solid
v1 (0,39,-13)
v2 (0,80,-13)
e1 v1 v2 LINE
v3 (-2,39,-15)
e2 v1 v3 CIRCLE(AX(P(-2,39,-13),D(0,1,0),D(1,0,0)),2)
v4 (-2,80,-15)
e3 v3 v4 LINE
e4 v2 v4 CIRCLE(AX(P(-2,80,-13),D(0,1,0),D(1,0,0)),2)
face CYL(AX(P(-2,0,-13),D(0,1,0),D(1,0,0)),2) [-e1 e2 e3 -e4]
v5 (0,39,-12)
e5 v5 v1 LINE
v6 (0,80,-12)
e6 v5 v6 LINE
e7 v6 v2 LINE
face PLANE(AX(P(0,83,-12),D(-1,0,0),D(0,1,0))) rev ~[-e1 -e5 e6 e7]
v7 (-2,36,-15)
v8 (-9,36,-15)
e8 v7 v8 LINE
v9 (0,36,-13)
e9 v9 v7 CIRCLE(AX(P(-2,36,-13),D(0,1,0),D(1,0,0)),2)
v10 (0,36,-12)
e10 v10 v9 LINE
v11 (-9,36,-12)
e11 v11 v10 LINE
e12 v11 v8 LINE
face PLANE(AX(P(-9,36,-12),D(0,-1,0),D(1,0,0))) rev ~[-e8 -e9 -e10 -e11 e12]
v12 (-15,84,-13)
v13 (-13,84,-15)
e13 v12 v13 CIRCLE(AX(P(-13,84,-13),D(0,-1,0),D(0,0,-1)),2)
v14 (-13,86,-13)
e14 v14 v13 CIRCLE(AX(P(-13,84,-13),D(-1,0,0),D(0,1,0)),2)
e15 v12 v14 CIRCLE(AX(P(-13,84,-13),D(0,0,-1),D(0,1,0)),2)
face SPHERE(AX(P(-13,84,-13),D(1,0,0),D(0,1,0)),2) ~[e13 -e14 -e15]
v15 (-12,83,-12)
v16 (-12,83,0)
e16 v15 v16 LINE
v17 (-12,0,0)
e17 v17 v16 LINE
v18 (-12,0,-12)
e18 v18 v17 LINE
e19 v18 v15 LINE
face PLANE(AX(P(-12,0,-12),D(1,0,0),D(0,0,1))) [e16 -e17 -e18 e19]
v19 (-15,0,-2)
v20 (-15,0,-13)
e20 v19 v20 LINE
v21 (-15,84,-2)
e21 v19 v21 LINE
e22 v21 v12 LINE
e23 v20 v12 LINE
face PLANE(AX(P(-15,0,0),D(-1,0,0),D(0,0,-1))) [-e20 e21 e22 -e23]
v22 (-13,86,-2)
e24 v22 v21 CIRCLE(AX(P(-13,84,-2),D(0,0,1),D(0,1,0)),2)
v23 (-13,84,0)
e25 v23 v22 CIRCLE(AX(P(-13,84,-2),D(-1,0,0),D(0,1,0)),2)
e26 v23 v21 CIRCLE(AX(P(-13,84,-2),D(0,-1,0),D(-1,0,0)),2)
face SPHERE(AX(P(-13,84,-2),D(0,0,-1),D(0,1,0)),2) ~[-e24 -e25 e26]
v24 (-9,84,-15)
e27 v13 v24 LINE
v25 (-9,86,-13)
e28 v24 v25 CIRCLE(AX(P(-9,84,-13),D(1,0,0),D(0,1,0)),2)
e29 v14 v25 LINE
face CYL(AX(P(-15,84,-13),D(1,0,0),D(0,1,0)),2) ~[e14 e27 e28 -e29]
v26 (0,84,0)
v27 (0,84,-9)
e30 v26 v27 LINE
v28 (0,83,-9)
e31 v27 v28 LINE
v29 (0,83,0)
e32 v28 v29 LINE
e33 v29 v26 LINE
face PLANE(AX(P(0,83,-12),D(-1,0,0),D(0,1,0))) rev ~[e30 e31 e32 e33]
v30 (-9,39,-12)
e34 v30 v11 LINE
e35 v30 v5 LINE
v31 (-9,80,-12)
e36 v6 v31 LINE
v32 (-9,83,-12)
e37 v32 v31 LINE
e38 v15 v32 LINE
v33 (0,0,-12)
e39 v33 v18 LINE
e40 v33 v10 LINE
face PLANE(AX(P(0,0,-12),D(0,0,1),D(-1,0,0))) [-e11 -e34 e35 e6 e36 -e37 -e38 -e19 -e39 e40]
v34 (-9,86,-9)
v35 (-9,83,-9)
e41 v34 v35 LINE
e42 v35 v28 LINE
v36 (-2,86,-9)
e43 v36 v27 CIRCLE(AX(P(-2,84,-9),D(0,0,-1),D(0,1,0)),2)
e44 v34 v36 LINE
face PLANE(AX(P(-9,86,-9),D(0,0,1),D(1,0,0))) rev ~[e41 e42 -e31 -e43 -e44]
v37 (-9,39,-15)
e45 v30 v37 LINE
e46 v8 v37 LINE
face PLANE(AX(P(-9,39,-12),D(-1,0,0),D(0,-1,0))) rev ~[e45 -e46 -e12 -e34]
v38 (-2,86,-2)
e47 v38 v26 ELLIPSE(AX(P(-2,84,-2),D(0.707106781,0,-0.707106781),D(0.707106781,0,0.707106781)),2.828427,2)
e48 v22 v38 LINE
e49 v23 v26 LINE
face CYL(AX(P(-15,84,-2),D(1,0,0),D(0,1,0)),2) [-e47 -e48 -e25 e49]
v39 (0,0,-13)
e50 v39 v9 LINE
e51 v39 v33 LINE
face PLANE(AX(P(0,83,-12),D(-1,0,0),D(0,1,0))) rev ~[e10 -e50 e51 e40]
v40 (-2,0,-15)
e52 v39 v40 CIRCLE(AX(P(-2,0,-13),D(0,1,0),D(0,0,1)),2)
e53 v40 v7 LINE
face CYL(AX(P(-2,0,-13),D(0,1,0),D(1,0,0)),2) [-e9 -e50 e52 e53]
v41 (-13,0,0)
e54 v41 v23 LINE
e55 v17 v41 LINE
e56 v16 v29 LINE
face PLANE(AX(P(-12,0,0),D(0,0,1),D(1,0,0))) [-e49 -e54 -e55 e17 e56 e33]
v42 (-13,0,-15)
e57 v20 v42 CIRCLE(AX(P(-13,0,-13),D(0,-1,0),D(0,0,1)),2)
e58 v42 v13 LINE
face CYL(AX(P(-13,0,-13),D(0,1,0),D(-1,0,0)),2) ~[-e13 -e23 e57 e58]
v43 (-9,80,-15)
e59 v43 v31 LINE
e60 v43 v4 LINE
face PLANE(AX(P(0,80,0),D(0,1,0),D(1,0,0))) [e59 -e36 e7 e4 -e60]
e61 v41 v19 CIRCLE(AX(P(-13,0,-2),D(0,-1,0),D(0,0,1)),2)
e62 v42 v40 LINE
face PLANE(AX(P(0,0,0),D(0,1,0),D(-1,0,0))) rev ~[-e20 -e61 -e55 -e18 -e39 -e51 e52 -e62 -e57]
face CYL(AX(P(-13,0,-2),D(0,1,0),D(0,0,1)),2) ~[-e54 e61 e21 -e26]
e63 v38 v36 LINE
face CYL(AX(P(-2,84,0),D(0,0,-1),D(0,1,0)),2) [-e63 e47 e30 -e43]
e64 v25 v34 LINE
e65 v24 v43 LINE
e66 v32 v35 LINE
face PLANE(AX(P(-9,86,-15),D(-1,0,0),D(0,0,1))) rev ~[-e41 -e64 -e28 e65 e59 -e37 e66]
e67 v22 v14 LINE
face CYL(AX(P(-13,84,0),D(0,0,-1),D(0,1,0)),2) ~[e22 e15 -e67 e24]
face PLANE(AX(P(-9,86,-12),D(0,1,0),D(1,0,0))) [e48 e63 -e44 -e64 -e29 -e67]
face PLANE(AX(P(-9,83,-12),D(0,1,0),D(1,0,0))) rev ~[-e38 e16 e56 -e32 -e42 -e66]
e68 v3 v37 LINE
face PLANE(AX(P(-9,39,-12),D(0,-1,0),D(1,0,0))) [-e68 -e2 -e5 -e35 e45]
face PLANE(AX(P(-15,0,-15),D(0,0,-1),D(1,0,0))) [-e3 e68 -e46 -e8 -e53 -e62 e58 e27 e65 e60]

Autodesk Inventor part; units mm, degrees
ref_plane "YZ Plane" through (0, 0, 0) normal (1, 0, 0) x (0, 1, 0)
ref_plane "XZ Plane" through (0, 0, 0) normal (0, 1, 0) x (-1, 0, 0)
ref_plane "XY Plane" through (0, 0, 0) normal (0, 0, 1) x (1, 0, 0)
sketch "Sketch1" plane through (0, 0, 0) normal (0, 1, 0) x (-1, 0, 0)
  line L0 (15, 0) -> (15, -15)
  line L1 (15, -15) -> (0, -15)
  line L2 (0, -15) -> (0, -12)
  line L3 (0, -12) -> (12, -12)
  line L4 (12, -12) -> (12, 0)
  line L5 (12, 0) -> (15, 0)
  point P0 (0, 0)
  dimension "d0" = 15
  dimension "d1" = 15
  dimension "d10" = 3
  dimension "d11" = 12
  dimension "d12" = 12
extrude "Extrusion1" add sketch "Sketch1" along normal blind 86
sketch "Sketch4" plane through (-12, 0, 0) normal (1, 0, 0) x (0, 0, -1)
  line L0 (0, 0) -> (0, 86) projected
  line L1 (12, 0) -> (12, 86) projected
  line L2 (0, 86) -> (12, 86)
  line L3 (12, 86) -> (12, 83)
  line L4 (12, 83) -> (0, 83)
  line L5 (0, 83) -> (0, 86)
  dimension "d13" = 3
extrude "Extrusion3" add sketch "Sketch4" along normal blind 3
sketch "Sketch6" plane through (-12, 0, -12) normal (0, 0, 1) x (1, 0, 0)
  line L0 (3, 86) -> (12, 86) projected
  line L1 (12, 86) -> (3, 86)
  line L2 (3, 86) -> (3, 83)
  line L3 (3, 83) -> (12, 83)
  line L4 (12, 83) -> (12, 86)
  point P0 (12, 0)
extrude "Extrusion4" add sketch "Sketch6" along normal blind 12
fillet "Fillet3" radius 2 7 edges at (-7.5, 86, -15) (-15, 86, -7.5) (-15, 43, -15) (0, 43, -15) (-7.5, 86, 0) (0, 86, -7.5) (-15, 43, 0)
sketch "Sketch11" plane through (0, 86, 0) normal (0, 1, 0) x (1, 0, 0)
  arc A0 (-15, 2) -> (-13, 0) centre (-13, 2) ccw projected
  line L0 (0, 10.8348) -> (0, 14)
  line L1 (-9, 9) -> (0, 9)
  line L2 (0, 9) -> (0, 10.8348)
  line L3 (-9, 15) -> (0, 15)
  line L4 (0, 15) -> (0, 9)
  line L5 (-9, 15) -> (-9, 9)
  line L6 (0, 0) -> (0, 13) projected
  point P0 (-13, 0)
  point P1 (0, 15)
extrude "Extrusion7" cut sketch "Sketch11" against normal blind 6
sketch "Sketch12" plane through (-12, 0, -12) normal (0, 0, 1) x (1, 0, 0)
  line L0 (12, 33) -> (21, 33) construction
  line L1 (3, 39) -> (12, 39)
  line L2 (12, 0) -> (12, 80) projected
  line L3 (3, 36) -> (12, 36)
  line L4 (3, 39) -> (3, 36)
extrude "Extrusion8" cut sketch "Sketch12" against normal through all
properties part number "DoosjeHoeken" material "ABS Plastic"
